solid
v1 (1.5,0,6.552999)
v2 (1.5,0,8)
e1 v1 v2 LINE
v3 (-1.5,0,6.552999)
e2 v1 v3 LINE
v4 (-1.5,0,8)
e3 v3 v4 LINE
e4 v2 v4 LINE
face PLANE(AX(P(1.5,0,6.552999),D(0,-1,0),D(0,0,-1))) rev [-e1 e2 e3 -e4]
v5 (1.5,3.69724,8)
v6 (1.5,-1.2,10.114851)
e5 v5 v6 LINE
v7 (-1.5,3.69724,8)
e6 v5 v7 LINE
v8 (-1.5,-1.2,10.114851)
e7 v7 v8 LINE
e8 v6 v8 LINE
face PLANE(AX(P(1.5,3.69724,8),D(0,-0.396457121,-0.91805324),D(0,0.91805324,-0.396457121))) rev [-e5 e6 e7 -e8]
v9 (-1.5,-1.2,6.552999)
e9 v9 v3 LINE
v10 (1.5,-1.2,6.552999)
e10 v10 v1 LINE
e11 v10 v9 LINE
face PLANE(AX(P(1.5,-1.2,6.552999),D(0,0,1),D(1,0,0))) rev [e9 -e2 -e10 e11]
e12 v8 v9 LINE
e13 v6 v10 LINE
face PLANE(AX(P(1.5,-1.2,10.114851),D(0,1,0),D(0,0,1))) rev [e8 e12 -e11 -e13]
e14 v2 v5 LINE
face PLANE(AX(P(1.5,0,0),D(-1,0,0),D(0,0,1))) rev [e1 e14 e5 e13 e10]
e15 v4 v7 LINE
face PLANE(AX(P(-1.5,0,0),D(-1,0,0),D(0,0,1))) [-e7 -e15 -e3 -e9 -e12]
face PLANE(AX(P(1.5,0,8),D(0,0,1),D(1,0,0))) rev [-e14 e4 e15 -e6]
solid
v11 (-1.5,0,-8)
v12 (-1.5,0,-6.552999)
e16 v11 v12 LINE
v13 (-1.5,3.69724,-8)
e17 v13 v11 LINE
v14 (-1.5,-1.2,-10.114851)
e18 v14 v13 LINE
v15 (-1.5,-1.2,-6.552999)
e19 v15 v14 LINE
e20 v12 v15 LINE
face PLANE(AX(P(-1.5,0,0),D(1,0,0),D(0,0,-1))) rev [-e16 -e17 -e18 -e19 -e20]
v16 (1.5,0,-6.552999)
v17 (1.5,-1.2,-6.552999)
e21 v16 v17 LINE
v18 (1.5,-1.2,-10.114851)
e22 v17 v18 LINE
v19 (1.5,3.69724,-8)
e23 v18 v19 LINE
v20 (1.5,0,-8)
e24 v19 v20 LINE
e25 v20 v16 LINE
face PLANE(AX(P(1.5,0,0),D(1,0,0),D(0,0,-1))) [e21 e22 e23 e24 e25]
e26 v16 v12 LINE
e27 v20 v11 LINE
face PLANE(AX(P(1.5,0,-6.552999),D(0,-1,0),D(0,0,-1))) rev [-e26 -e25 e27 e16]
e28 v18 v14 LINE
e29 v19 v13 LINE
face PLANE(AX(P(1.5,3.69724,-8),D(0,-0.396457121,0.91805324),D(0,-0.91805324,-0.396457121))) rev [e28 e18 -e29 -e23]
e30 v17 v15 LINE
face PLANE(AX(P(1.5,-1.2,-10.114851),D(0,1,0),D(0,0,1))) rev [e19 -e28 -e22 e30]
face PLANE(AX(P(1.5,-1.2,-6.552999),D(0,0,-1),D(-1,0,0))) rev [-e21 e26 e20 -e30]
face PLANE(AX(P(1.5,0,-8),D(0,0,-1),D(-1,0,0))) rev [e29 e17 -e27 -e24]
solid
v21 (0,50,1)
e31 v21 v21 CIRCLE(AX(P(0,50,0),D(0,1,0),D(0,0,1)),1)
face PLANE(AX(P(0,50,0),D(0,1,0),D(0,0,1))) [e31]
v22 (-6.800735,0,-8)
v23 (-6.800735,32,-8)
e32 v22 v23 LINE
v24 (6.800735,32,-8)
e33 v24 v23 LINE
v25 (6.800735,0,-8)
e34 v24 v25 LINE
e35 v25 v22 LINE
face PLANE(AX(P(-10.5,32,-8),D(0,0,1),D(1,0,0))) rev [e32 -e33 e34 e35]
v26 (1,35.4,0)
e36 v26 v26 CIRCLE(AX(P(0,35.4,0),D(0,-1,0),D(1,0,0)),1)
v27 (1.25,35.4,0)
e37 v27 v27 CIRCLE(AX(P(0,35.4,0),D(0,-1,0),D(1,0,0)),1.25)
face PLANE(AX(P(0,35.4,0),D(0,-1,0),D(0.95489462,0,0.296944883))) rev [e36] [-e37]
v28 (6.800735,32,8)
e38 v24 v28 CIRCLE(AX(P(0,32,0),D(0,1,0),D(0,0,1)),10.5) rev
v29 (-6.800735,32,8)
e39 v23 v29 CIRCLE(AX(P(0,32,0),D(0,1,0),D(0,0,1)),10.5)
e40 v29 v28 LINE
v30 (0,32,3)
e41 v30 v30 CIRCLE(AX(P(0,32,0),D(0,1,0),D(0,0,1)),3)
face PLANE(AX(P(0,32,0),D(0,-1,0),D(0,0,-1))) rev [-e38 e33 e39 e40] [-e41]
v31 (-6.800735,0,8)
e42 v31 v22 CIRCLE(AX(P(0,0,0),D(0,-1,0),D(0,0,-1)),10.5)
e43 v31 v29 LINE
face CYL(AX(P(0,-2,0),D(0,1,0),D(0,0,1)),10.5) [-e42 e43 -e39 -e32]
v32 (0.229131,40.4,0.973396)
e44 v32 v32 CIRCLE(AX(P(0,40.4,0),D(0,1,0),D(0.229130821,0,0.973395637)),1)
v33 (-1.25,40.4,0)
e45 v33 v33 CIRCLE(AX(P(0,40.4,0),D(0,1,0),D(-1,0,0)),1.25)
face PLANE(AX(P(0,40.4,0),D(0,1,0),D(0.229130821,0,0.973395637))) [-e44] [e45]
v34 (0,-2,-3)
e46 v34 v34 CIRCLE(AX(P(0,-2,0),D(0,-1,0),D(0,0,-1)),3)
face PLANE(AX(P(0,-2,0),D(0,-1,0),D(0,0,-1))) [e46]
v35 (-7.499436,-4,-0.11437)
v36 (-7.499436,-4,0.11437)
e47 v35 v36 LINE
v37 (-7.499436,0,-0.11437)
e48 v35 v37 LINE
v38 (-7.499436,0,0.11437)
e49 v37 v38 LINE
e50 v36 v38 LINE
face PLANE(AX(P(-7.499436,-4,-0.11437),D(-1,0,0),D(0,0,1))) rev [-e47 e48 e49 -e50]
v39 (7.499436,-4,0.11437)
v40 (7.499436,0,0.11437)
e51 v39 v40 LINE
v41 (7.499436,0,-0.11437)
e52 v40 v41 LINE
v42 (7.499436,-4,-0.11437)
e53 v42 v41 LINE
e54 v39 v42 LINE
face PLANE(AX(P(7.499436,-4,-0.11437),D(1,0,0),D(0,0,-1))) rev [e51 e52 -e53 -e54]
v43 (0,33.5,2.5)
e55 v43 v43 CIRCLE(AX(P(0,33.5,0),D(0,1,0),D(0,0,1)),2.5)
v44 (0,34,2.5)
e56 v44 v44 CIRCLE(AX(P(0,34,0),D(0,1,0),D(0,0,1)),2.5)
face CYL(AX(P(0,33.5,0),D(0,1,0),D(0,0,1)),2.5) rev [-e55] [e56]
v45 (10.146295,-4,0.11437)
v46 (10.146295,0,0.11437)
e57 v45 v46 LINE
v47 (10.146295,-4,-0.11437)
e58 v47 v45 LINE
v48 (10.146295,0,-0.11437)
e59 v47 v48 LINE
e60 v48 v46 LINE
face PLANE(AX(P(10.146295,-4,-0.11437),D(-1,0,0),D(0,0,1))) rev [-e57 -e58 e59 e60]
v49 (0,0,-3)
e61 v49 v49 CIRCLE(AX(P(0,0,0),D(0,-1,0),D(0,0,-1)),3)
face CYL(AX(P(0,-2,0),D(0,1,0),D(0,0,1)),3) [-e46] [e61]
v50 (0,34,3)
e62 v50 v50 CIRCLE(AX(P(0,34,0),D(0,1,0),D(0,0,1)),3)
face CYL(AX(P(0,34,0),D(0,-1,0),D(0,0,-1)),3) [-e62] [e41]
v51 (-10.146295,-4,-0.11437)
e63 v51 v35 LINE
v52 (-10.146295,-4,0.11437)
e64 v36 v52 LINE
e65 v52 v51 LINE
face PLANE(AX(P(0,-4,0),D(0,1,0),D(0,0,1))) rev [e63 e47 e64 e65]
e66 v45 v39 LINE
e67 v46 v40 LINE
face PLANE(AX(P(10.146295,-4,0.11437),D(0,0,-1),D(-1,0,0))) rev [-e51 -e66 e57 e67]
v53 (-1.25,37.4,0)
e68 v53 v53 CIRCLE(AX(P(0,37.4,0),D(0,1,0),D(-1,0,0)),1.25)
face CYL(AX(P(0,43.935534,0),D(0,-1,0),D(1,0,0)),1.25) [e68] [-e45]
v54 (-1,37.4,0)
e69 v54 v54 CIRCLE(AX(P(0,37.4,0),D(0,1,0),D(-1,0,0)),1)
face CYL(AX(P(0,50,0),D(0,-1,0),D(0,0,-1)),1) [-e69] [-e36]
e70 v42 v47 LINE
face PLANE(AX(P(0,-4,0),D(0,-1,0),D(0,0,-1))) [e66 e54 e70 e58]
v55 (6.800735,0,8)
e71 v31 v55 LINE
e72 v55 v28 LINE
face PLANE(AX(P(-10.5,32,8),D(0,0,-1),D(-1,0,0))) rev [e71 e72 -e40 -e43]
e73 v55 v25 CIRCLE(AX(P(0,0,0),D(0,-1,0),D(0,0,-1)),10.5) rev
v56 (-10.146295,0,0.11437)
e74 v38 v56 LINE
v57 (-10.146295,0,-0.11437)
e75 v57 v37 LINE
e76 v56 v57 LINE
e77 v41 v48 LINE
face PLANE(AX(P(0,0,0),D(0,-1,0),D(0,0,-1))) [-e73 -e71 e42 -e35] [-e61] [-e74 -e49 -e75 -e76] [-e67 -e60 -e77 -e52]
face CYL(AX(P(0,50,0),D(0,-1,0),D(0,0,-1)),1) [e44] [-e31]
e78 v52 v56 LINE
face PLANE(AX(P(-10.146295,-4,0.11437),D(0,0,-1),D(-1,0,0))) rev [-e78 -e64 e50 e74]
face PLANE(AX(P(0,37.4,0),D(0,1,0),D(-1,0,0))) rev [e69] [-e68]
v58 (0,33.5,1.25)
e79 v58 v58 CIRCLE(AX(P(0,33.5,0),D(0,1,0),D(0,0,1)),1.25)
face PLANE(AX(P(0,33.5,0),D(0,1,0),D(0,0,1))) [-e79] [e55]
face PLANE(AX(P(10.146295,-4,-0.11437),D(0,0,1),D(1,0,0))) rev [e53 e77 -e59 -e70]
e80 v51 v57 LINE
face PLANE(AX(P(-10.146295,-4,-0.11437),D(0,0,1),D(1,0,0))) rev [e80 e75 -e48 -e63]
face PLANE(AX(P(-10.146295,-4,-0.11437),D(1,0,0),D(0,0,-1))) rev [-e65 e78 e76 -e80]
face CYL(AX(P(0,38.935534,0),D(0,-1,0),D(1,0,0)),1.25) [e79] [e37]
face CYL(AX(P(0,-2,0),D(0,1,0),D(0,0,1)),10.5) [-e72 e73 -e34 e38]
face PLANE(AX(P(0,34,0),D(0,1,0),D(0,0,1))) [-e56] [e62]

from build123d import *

# Parameters (mm, degrees)
SKETCH_1_W          = 21
SKETCH_1_H          = 16
EXTRUDE_1_DEPTH     = 32
SKETCH_2_R          = 3
EXTRUDE_2_DEPTH     = 2
CUT_EXTRUDE_1_DEPTH = 37.47259245
SKETCH_4_W          = 2.646859644
SKETCH_4_H          = 0.228740956
EXTRUDE_3_DEPTH     = 4
EXTRUDE_START       = 2
SKETCH_5_R          = 3
EXTRUDE_4_DEPTH     = 2
SKETCH_6_R          = 2.5
CUT_EXTRUDE_2_DEPTH = 0.5
SKETCH_7_R          = 1
EXTRUDE_5_DEPTH     = 16.5
SKETCH_8_R          = 1.25
SKETCH_8_R_2        = 1
EXTRUDE_6_DEPTH     = 1.9
SKETCH_9_R          = 1.25
SKETCH_9_R_2        = 1
EXTRUDE_7_DEPTH     = 3
EXTRUDE_8_DEPTH     = 1.5
EXTRUDE_8_2_DEPTH   = 1.5


with BuildPart() as part:
    # 草图1 → 凸台-拉伸1 (new body)
    with BuildSketch(Plane(origin=(0, 0, 0), x_dir=(1, 0, 0), z_dir=(0, 1, 0))):
        Rectangle(SKETCH_1_W, SKETCH_1_H)
    extrude(amount=EXTRUDE_1_DEPTH)

    # 草图2 → 凸台-拉伸2 (add)
    with BuildSketch(Plane.XZ):
        with Locations(Location((0, 0, 0), (0, 0, 270))):
            Circle(SKETCH_2_R)
    extrude(amount=EXTRUDE_2_DEPTH)

    # 草图3 → 切除-拉伸1 (cut, through all)
    with BuildSketch(Plane(origin=(0, 32, 0), x_dir=(1, 0, 0), z_dir=(0, 1, 0))):
        with BuildLine():
            ThreePointArc((-6.800735254, -8), (-9.530417624, -4.406942241), (-10.5, 0))
            Line((-10.5, 0), (-10.5, -8))
            Line((-10.5, -8), (-6.800735254, -8))
        make_face()
        with BuildLine():
            Line((10.5, -8), (10.5, 0))
            ThreePointArc((10.5, 0), (9.530417624, -4.406942241), (6.800735254, -8))
            Line((6.800735254, -8), (10.5, -8))
        make_face()
        with BuildLine():
            Line((10.5, 8), (6.800735254, 8))
            ThreePointArc((6.800735254, 8), (9.530417624, 4.406942241), (10.5, 0))
            Line((10.5, 0), (10.5, 8))
        make_face()
        with BuildLine():
            ThreePointArc((-10.5, 0), (-9.530417624, 4.406942241), (-6.800735254, 8))
            Line((-6.800735254, 8), (-10.5, 8))
            Line((-10.5, 8), (-10.5, 0))
        make_face()
    extrude(amount=-CUT_EXTRUDE_1_DEPTH, mode=Mode.SUBTRACT)

    # 草图4 → 凸台-拉伸3 (add)
    with BuildSketch(Plane.XZ):
        with Locations((-8.822865481, 0)):
            Rectangle(SKETCH_4_W, SKETCH_4_H)
        with Locations((8.822865481, 0)):
            Rectangle(SKETCH_4_W, SKETCH_4_H)
    extrude(amount=EXTRUDE_3_DEPTH)

    # 草图5 → 凸台-拉伸4 (add)
    with BuildSketch(Plane(origin=(0, 32, 0), x_dir=(1, 0, 0), z_dir=(0, 1, 0)).offset(EXTRUDE_START)):
        with Locations(Location((0, 0, 0), (0, 0, 90))):
            Circle(SKETCH_5_R)
    extrude(amount=-EXTRUDE_4_DEPTH)

    # 草图6 → 切除-拉伸2 (cut)
    with BuildSketch(Plane(origin=(0, 34, 0), x_dir=(1, 0, 0), z_dir=(0, 1, 0))):
        with Locations(Location((0, 0, 0), (0, 0, 270))):
            Circle(SKETCH_6_R)
    extrude(amount=-CUT_EXTRUDE_2_DEPTH, mode=Mode.SUBTRACT)

    # 草图7 → 凸台-拉伸5 (add)
    with BuildSketch(Plane(origin=(0, 33.5, 0), x_dir=(1, 0, 0), z_dir=(0, 1, 0))):
        with Locations(Location((0, 0, 0), (0, 0, 270))):
            Circle(SKETCH_7_R)
    extrude(amount=EXTRUDE_5_DEPTH)

    # 草图8 → 凸台-拉伸6 (add)
    # profile 1 of 2: a face of its own
    with BuildSketch(Plane(origin=(0, 33.5, 0), x_dir=(1, 0, 0), z_dir=(0, 1, 0))):
        Circle(SKETCH_8_R)
        Circle(SKETCH_8_R_2, mode=Mode.SUBTRACT)
    # profile 2 of 2: a face of its own
    with BuildSketch(Plane(origin=(0, 33.5, 0), x_dir=(1, 0, 0), z_dir=(0, 1, 0))):
        Circle(SKETCH_8_R_2)
    extrude(amount=EXTRUDE_6_DEPTH)

    # 草图9 → 凸台-拉伸7 (add)
    with BuildSketch(Plane(origin=(0, 37.4, 0), x_dir=(1, 0, 0), z_dir=(0, 1, 0))):
        Circle(SKETCH_9_R)
        Circle(SKETCH_9_R_2, mode=Mode.SUBTRACT)
    extrude(amount=EXTRUDE_7_DEPTH)


with BuildPart() as body_2:
    # 草图11 → 凸台-拉伸8 (new, symmetric)
    with BuildSketch(Plane(origin=(0, 0, 0), x_dir=(0, 0, -1), z_dir=(1, 0, 0))):
        Polygon((8, 3.697239799), (10.114850758, -1.2), (6.552999181, -1.2), (6.552999181, 0), (8, 0), align=None)
    extrude(amount=EXTRUDE_8_DEPTH, both=True)


with BuildPart() as body_3:
    # 草图11 → Extrude 8 2 (new, symmetric)
    with BuildSketch(Plane(origin=(0, 0, 0), x_dir=(0, 0, -1), z_dir=(1, 0, 0))):
        Polygon((-8, 0), (-8, 3.697239799), (-10.114850758, -1.2), (-6.552999181, -1.2), (-6.552999181, 0), align=None)
    extrude(amount=EXTRUDE_8_2_DEPTH, both=True)


solid = Compound([part.part, body_2.part, body_3.part])
